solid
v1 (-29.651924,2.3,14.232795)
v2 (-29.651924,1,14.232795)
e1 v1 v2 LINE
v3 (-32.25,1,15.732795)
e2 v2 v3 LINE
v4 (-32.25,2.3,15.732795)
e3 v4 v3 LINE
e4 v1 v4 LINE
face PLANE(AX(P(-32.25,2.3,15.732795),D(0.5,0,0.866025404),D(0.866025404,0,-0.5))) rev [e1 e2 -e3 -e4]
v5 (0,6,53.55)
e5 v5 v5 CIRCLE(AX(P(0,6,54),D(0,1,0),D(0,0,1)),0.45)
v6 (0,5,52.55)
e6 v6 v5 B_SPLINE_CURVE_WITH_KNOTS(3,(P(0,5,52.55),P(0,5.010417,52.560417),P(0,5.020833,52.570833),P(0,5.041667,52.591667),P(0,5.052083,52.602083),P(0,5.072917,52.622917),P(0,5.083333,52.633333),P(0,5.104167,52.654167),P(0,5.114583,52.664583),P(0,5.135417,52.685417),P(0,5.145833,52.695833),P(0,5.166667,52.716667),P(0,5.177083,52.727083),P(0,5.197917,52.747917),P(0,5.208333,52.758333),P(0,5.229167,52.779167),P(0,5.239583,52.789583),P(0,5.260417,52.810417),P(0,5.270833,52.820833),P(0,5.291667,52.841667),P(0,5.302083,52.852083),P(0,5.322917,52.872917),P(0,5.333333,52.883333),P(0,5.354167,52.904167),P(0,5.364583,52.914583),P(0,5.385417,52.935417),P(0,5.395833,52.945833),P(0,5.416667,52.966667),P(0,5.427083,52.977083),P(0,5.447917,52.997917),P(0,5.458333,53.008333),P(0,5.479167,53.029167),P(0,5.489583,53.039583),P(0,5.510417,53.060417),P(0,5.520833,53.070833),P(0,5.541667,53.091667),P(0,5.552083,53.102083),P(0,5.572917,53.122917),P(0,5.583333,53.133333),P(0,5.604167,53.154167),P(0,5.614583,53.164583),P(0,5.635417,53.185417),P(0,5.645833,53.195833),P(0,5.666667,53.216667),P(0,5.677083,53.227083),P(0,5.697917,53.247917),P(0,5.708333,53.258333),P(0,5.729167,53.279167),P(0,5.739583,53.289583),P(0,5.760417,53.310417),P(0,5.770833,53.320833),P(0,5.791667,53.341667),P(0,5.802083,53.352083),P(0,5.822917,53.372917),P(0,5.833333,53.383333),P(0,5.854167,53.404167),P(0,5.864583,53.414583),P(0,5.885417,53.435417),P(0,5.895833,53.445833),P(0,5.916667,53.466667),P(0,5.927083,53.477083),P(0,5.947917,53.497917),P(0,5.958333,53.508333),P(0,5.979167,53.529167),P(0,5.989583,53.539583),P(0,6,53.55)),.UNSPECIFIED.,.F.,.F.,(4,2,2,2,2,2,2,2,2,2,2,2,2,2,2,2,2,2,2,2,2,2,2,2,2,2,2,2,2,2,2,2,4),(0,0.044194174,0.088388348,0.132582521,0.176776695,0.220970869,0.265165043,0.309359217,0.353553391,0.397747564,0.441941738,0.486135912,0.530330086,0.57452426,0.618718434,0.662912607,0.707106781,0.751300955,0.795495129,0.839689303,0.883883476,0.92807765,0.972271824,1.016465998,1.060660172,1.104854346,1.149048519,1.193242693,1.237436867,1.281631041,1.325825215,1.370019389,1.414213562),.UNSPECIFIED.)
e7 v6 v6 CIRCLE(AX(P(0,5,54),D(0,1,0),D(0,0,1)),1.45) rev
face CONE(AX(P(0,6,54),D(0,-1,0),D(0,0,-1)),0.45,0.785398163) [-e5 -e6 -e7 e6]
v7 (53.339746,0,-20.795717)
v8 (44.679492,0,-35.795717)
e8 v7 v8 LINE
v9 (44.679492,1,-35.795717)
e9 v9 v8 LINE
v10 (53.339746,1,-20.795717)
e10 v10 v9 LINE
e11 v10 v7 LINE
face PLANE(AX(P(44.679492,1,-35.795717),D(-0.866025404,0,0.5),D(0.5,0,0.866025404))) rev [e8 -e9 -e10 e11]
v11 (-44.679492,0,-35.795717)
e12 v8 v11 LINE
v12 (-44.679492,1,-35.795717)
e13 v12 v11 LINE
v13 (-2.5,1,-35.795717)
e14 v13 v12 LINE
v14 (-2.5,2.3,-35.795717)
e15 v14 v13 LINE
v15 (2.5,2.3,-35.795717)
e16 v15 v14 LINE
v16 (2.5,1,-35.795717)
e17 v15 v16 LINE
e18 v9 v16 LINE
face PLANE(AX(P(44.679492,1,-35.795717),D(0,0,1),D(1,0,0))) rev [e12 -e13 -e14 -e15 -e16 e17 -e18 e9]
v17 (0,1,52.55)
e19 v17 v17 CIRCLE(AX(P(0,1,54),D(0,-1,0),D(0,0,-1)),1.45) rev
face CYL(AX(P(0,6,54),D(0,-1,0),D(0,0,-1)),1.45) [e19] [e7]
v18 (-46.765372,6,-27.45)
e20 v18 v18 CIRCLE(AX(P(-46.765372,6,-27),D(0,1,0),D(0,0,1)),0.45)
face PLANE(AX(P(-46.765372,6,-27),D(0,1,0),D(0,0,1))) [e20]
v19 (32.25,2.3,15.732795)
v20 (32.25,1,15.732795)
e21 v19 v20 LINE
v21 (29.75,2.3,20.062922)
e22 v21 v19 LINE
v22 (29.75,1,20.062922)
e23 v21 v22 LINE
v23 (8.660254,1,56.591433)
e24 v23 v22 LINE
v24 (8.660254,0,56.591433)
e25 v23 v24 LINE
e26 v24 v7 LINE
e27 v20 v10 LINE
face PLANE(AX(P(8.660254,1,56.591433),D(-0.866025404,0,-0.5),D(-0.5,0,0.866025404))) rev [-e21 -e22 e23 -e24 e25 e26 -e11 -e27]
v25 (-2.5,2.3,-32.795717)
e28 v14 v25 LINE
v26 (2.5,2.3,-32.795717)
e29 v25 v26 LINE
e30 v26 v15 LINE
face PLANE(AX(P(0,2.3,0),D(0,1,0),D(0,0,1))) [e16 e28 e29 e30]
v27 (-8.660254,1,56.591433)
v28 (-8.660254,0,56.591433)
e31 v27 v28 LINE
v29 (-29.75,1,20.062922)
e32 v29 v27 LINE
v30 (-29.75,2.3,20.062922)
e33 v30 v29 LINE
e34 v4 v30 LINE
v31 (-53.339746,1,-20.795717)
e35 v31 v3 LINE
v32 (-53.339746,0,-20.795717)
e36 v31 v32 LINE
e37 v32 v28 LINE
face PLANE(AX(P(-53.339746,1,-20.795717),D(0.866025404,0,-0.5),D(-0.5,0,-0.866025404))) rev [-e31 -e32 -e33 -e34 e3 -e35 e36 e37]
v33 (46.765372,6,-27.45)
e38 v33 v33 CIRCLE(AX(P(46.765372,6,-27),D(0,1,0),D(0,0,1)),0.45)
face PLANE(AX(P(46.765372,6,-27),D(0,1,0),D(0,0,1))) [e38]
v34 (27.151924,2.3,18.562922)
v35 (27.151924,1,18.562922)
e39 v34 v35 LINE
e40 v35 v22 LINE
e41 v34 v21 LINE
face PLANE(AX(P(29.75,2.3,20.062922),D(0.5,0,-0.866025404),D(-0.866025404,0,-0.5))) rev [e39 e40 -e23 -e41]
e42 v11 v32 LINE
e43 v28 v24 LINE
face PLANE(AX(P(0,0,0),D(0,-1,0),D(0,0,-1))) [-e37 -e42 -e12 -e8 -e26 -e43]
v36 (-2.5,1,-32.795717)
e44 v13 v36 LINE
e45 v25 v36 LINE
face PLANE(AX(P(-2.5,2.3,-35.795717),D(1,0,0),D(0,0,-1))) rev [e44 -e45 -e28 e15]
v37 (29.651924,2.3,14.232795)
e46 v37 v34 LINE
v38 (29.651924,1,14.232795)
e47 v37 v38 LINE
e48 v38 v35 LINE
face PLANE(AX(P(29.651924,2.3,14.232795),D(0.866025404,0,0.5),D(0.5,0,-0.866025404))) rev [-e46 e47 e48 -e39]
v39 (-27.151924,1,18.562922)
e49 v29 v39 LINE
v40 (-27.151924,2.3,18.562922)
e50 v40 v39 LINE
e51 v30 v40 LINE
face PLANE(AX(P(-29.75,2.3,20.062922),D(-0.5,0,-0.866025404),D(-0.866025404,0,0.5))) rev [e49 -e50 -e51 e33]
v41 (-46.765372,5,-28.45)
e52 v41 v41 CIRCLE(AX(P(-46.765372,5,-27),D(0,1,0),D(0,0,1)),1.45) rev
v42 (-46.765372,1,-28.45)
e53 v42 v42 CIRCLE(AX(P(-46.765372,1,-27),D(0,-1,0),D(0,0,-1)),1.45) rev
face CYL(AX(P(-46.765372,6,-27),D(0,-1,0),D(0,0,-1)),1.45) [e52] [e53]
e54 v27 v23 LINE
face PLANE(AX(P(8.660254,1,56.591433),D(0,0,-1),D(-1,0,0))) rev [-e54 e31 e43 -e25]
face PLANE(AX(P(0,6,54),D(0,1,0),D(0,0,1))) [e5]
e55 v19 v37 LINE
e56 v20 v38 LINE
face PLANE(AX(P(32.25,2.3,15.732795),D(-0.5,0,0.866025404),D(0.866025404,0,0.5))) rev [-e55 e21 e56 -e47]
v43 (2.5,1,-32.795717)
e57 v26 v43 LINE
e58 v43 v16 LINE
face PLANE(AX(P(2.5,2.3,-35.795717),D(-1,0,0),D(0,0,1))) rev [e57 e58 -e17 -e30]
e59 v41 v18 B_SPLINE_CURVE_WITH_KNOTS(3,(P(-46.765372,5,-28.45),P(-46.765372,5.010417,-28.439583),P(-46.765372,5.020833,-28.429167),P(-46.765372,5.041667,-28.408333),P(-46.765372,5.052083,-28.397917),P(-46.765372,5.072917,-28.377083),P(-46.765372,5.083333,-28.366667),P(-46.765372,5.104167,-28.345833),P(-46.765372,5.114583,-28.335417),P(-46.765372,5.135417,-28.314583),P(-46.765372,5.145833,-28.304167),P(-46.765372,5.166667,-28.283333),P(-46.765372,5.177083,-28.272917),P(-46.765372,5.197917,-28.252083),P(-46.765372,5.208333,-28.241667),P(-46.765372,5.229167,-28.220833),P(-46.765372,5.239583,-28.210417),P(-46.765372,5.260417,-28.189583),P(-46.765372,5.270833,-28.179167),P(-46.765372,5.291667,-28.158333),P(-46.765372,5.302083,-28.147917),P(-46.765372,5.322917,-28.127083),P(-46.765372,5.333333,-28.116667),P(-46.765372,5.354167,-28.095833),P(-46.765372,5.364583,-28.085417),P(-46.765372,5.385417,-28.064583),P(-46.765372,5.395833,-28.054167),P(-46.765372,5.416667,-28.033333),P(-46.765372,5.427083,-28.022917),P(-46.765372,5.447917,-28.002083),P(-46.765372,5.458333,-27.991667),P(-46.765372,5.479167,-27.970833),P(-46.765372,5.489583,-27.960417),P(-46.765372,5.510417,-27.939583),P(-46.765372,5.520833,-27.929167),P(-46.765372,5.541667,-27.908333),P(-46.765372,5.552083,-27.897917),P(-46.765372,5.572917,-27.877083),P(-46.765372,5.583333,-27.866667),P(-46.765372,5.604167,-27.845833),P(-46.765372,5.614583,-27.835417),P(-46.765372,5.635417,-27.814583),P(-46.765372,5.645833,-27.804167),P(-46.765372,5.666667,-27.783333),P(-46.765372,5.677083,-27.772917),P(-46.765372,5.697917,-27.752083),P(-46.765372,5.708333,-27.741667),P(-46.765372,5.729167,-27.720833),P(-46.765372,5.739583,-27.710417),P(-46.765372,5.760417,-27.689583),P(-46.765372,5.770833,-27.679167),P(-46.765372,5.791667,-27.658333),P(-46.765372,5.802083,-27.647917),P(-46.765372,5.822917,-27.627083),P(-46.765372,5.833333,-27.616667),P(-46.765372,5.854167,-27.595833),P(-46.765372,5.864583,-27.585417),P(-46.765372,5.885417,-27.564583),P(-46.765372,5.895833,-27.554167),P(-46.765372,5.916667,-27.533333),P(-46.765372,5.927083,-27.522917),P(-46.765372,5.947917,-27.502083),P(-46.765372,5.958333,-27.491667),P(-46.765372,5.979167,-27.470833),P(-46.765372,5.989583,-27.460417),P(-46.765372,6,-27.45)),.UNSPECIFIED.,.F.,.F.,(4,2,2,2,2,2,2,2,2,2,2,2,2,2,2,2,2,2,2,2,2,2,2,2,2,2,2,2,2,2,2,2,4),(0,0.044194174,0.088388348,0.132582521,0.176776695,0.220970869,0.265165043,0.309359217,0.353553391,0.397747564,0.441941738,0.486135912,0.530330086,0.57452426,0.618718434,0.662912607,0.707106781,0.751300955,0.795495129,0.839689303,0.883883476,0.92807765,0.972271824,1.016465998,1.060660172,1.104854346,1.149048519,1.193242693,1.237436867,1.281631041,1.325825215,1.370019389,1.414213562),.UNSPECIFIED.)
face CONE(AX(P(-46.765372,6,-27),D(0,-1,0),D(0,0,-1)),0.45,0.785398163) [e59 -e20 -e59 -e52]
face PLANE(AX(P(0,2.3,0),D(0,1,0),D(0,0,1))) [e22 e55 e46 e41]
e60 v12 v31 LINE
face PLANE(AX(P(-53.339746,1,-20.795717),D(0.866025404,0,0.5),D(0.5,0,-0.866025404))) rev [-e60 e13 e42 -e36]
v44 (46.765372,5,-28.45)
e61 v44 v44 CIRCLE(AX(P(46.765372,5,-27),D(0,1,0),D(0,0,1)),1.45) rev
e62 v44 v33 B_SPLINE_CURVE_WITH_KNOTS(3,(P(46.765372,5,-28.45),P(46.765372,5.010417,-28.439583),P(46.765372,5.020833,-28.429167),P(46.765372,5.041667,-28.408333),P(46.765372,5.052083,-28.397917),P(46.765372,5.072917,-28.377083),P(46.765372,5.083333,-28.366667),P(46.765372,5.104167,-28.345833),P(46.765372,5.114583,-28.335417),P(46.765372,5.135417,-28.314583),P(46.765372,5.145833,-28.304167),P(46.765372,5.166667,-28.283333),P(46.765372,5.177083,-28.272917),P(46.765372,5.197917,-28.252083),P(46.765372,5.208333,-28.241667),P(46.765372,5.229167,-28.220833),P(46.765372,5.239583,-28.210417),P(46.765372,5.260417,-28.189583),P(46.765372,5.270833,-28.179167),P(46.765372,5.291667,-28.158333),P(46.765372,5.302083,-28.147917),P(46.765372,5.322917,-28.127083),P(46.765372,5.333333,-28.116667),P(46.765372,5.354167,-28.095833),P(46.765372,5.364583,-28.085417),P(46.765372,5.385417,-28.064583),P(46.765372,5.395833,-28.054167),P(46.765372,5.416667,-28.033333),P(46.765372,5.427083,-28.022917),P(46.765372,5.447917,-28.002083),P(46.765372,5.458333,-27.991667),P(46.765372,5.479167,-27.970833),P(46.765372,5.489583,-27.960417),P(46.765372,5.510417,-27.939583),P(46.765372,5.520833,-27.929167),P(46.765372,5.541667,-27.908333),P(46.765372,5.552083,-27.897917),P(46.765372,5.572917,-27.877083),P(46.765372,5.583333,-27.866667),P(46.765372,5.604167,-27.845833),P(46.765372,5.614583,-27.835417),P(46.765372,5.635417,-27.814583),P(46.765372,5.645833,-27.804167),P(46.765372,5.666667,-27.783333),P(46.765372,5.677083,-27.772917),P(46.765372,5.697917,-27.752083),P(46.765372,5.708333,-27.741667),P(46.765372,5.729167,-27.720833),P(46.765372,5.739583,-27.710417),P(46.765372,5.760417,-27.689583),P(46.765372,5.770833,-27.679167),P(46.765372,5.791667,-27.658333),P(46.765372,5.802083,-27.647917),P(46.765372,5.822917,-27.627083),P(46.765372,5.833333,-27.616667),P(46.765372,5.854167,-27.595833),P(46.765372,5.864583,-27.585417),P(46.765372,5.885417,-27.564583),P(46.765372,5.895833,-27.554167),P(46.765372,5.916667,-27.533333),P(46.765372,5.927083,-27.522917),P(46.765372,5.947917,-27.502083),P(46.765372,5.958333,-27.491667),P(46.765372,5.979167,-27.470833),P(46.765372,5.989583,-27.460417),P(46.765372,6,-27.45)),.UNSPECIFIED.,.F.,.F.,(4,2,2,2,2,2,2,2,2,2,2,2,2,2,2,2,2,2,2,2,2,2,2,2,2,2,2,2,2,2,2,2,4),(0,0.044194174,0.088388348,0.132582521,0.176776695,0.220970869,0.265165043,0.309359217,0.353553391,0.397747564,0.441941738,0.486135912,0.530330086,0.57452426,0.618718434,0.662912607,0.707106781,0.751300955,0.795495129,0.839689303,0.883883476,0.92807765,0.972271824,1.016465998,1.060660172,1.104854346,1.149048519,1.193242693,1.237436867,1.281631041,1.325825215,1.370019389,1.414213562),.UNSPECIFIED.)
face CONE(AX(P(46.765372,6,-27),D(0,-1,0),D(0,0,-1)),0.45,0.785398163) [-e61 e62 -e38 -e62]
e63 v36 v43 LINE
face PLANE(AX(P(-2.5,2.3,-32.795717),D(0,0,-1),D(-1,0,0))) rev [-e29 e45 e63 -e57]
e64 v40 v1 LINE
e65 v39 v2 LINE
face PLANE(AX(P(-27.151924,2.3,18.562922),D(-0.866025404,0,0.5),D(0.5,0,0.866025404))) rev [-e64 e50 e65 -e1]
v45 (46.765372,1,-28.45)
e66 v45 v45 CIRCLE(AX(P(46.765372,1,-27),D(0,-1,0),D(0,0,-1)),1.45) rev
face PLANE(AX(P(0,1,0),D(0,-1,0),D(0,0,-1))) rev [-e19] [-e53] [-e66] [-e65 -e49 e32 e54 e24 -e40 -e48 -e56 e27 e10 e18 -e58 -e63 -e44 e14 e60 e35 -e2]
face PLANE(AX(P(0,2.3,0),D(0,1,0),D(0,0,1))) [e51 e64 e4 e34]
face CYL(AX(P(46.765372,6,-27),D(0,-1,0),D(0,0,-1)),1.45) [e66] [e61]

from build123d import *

# Parameters (mm, degrees)
BOSS_EXTRU_2_DEPTH      = 1
ESQUISSE3_R             = 1.45
BOSS_EXTRU_3_DEPTH      = 5
CHANFREIN1_SIZE         = 1
BOSS_EXTRU_4_DEPTH      = 1.3
BOSS_EXTRU_4_DEPTH_BACK = 1
ESQUISSE4_W             = 5
ESQUISSE4_H             = 3


with BuildPart() as part:
    # Esquisse2 → Boss.-Extru.2 (new body)
    with BuildSketch(Plane(origin=(0, 0, 0), x_dir=(1, 0, 0), z_dir=(0, 1, 0))):
        Polygon((-53.339745962, 20.79571669), (-44.679491924, 35.79571669), (44.679491924, 35.79571669), (53.339745962, 20.79571669), (8.660254038, -56.59143338), (-8.660254038, -56.59143338), align=None)
    extrude(amount=BOSS_EXTRU_2_DEPTH)

    # Esquisse3 → Boss.-Extru.3 (add)
    with BuildSketch(Plane(origin=(0, 1, 0), x_dir=(1, 0, 0), z_dir=(0, 1, 0))):
        with Locations(Location((0, -54, 0), (0, 0, 90))):
            Circle(ESQUISSE3_R)
        with Locations(Location((-46.765371804, 27, 0), (0, 0, 90))):
            Circle(ESQUISSE3_R)
        with Locations(Location((46.765371804, 27, 0), (0, 0, 90))):
            Circle(ESQUISSE3_R)
    extrude(amount=BOSS_EXTRU_3_DEPTH)

    # Chanfrein1
    chanfrein1_edges = [part.edges().sort_by_distance(p)[0] for p in [
        (0, 6, 55.45),
        (-46.765371804, 6, -25.55),
        (46.765371804, 6, -25.55),
    ]]
    chamfer(chanfrein1_edges, length=CHANFREIN1_SIZE)

    # Esquisse4 → Boss.-Extru.4 (add, two sides: drawn at the far end of the back side and taken through both)
    with BuildSketch(Plane(origin=(0, 1, 0), x_dir=(1, 0, 0), z_dir=(0, 1, 0)).offset(-BOSS_EXTRU_4_DEPTH_BACK)):
        with Locations((0, 34.29571669)):
            Rectangle(ESQUISSE4_W, ESQUISSE4_H)
        Polygon((32.25, -15.732794835), (29.75, -20.062921854), (27.151923789, -18.562921854), (29.651923789, -14.232794835), align=None)
        Polygon((-29.75, -20.062921854), (-32.25, -15.732794835), (-29.651923789, -14.232794835), (-27.151923789, -18.562921854), align=None)
    extrude(amount=BOSS_EXTRU_4_DEPTH + BOSS_EXTRU_4_DEPTH_BACK)


solid = part.part
